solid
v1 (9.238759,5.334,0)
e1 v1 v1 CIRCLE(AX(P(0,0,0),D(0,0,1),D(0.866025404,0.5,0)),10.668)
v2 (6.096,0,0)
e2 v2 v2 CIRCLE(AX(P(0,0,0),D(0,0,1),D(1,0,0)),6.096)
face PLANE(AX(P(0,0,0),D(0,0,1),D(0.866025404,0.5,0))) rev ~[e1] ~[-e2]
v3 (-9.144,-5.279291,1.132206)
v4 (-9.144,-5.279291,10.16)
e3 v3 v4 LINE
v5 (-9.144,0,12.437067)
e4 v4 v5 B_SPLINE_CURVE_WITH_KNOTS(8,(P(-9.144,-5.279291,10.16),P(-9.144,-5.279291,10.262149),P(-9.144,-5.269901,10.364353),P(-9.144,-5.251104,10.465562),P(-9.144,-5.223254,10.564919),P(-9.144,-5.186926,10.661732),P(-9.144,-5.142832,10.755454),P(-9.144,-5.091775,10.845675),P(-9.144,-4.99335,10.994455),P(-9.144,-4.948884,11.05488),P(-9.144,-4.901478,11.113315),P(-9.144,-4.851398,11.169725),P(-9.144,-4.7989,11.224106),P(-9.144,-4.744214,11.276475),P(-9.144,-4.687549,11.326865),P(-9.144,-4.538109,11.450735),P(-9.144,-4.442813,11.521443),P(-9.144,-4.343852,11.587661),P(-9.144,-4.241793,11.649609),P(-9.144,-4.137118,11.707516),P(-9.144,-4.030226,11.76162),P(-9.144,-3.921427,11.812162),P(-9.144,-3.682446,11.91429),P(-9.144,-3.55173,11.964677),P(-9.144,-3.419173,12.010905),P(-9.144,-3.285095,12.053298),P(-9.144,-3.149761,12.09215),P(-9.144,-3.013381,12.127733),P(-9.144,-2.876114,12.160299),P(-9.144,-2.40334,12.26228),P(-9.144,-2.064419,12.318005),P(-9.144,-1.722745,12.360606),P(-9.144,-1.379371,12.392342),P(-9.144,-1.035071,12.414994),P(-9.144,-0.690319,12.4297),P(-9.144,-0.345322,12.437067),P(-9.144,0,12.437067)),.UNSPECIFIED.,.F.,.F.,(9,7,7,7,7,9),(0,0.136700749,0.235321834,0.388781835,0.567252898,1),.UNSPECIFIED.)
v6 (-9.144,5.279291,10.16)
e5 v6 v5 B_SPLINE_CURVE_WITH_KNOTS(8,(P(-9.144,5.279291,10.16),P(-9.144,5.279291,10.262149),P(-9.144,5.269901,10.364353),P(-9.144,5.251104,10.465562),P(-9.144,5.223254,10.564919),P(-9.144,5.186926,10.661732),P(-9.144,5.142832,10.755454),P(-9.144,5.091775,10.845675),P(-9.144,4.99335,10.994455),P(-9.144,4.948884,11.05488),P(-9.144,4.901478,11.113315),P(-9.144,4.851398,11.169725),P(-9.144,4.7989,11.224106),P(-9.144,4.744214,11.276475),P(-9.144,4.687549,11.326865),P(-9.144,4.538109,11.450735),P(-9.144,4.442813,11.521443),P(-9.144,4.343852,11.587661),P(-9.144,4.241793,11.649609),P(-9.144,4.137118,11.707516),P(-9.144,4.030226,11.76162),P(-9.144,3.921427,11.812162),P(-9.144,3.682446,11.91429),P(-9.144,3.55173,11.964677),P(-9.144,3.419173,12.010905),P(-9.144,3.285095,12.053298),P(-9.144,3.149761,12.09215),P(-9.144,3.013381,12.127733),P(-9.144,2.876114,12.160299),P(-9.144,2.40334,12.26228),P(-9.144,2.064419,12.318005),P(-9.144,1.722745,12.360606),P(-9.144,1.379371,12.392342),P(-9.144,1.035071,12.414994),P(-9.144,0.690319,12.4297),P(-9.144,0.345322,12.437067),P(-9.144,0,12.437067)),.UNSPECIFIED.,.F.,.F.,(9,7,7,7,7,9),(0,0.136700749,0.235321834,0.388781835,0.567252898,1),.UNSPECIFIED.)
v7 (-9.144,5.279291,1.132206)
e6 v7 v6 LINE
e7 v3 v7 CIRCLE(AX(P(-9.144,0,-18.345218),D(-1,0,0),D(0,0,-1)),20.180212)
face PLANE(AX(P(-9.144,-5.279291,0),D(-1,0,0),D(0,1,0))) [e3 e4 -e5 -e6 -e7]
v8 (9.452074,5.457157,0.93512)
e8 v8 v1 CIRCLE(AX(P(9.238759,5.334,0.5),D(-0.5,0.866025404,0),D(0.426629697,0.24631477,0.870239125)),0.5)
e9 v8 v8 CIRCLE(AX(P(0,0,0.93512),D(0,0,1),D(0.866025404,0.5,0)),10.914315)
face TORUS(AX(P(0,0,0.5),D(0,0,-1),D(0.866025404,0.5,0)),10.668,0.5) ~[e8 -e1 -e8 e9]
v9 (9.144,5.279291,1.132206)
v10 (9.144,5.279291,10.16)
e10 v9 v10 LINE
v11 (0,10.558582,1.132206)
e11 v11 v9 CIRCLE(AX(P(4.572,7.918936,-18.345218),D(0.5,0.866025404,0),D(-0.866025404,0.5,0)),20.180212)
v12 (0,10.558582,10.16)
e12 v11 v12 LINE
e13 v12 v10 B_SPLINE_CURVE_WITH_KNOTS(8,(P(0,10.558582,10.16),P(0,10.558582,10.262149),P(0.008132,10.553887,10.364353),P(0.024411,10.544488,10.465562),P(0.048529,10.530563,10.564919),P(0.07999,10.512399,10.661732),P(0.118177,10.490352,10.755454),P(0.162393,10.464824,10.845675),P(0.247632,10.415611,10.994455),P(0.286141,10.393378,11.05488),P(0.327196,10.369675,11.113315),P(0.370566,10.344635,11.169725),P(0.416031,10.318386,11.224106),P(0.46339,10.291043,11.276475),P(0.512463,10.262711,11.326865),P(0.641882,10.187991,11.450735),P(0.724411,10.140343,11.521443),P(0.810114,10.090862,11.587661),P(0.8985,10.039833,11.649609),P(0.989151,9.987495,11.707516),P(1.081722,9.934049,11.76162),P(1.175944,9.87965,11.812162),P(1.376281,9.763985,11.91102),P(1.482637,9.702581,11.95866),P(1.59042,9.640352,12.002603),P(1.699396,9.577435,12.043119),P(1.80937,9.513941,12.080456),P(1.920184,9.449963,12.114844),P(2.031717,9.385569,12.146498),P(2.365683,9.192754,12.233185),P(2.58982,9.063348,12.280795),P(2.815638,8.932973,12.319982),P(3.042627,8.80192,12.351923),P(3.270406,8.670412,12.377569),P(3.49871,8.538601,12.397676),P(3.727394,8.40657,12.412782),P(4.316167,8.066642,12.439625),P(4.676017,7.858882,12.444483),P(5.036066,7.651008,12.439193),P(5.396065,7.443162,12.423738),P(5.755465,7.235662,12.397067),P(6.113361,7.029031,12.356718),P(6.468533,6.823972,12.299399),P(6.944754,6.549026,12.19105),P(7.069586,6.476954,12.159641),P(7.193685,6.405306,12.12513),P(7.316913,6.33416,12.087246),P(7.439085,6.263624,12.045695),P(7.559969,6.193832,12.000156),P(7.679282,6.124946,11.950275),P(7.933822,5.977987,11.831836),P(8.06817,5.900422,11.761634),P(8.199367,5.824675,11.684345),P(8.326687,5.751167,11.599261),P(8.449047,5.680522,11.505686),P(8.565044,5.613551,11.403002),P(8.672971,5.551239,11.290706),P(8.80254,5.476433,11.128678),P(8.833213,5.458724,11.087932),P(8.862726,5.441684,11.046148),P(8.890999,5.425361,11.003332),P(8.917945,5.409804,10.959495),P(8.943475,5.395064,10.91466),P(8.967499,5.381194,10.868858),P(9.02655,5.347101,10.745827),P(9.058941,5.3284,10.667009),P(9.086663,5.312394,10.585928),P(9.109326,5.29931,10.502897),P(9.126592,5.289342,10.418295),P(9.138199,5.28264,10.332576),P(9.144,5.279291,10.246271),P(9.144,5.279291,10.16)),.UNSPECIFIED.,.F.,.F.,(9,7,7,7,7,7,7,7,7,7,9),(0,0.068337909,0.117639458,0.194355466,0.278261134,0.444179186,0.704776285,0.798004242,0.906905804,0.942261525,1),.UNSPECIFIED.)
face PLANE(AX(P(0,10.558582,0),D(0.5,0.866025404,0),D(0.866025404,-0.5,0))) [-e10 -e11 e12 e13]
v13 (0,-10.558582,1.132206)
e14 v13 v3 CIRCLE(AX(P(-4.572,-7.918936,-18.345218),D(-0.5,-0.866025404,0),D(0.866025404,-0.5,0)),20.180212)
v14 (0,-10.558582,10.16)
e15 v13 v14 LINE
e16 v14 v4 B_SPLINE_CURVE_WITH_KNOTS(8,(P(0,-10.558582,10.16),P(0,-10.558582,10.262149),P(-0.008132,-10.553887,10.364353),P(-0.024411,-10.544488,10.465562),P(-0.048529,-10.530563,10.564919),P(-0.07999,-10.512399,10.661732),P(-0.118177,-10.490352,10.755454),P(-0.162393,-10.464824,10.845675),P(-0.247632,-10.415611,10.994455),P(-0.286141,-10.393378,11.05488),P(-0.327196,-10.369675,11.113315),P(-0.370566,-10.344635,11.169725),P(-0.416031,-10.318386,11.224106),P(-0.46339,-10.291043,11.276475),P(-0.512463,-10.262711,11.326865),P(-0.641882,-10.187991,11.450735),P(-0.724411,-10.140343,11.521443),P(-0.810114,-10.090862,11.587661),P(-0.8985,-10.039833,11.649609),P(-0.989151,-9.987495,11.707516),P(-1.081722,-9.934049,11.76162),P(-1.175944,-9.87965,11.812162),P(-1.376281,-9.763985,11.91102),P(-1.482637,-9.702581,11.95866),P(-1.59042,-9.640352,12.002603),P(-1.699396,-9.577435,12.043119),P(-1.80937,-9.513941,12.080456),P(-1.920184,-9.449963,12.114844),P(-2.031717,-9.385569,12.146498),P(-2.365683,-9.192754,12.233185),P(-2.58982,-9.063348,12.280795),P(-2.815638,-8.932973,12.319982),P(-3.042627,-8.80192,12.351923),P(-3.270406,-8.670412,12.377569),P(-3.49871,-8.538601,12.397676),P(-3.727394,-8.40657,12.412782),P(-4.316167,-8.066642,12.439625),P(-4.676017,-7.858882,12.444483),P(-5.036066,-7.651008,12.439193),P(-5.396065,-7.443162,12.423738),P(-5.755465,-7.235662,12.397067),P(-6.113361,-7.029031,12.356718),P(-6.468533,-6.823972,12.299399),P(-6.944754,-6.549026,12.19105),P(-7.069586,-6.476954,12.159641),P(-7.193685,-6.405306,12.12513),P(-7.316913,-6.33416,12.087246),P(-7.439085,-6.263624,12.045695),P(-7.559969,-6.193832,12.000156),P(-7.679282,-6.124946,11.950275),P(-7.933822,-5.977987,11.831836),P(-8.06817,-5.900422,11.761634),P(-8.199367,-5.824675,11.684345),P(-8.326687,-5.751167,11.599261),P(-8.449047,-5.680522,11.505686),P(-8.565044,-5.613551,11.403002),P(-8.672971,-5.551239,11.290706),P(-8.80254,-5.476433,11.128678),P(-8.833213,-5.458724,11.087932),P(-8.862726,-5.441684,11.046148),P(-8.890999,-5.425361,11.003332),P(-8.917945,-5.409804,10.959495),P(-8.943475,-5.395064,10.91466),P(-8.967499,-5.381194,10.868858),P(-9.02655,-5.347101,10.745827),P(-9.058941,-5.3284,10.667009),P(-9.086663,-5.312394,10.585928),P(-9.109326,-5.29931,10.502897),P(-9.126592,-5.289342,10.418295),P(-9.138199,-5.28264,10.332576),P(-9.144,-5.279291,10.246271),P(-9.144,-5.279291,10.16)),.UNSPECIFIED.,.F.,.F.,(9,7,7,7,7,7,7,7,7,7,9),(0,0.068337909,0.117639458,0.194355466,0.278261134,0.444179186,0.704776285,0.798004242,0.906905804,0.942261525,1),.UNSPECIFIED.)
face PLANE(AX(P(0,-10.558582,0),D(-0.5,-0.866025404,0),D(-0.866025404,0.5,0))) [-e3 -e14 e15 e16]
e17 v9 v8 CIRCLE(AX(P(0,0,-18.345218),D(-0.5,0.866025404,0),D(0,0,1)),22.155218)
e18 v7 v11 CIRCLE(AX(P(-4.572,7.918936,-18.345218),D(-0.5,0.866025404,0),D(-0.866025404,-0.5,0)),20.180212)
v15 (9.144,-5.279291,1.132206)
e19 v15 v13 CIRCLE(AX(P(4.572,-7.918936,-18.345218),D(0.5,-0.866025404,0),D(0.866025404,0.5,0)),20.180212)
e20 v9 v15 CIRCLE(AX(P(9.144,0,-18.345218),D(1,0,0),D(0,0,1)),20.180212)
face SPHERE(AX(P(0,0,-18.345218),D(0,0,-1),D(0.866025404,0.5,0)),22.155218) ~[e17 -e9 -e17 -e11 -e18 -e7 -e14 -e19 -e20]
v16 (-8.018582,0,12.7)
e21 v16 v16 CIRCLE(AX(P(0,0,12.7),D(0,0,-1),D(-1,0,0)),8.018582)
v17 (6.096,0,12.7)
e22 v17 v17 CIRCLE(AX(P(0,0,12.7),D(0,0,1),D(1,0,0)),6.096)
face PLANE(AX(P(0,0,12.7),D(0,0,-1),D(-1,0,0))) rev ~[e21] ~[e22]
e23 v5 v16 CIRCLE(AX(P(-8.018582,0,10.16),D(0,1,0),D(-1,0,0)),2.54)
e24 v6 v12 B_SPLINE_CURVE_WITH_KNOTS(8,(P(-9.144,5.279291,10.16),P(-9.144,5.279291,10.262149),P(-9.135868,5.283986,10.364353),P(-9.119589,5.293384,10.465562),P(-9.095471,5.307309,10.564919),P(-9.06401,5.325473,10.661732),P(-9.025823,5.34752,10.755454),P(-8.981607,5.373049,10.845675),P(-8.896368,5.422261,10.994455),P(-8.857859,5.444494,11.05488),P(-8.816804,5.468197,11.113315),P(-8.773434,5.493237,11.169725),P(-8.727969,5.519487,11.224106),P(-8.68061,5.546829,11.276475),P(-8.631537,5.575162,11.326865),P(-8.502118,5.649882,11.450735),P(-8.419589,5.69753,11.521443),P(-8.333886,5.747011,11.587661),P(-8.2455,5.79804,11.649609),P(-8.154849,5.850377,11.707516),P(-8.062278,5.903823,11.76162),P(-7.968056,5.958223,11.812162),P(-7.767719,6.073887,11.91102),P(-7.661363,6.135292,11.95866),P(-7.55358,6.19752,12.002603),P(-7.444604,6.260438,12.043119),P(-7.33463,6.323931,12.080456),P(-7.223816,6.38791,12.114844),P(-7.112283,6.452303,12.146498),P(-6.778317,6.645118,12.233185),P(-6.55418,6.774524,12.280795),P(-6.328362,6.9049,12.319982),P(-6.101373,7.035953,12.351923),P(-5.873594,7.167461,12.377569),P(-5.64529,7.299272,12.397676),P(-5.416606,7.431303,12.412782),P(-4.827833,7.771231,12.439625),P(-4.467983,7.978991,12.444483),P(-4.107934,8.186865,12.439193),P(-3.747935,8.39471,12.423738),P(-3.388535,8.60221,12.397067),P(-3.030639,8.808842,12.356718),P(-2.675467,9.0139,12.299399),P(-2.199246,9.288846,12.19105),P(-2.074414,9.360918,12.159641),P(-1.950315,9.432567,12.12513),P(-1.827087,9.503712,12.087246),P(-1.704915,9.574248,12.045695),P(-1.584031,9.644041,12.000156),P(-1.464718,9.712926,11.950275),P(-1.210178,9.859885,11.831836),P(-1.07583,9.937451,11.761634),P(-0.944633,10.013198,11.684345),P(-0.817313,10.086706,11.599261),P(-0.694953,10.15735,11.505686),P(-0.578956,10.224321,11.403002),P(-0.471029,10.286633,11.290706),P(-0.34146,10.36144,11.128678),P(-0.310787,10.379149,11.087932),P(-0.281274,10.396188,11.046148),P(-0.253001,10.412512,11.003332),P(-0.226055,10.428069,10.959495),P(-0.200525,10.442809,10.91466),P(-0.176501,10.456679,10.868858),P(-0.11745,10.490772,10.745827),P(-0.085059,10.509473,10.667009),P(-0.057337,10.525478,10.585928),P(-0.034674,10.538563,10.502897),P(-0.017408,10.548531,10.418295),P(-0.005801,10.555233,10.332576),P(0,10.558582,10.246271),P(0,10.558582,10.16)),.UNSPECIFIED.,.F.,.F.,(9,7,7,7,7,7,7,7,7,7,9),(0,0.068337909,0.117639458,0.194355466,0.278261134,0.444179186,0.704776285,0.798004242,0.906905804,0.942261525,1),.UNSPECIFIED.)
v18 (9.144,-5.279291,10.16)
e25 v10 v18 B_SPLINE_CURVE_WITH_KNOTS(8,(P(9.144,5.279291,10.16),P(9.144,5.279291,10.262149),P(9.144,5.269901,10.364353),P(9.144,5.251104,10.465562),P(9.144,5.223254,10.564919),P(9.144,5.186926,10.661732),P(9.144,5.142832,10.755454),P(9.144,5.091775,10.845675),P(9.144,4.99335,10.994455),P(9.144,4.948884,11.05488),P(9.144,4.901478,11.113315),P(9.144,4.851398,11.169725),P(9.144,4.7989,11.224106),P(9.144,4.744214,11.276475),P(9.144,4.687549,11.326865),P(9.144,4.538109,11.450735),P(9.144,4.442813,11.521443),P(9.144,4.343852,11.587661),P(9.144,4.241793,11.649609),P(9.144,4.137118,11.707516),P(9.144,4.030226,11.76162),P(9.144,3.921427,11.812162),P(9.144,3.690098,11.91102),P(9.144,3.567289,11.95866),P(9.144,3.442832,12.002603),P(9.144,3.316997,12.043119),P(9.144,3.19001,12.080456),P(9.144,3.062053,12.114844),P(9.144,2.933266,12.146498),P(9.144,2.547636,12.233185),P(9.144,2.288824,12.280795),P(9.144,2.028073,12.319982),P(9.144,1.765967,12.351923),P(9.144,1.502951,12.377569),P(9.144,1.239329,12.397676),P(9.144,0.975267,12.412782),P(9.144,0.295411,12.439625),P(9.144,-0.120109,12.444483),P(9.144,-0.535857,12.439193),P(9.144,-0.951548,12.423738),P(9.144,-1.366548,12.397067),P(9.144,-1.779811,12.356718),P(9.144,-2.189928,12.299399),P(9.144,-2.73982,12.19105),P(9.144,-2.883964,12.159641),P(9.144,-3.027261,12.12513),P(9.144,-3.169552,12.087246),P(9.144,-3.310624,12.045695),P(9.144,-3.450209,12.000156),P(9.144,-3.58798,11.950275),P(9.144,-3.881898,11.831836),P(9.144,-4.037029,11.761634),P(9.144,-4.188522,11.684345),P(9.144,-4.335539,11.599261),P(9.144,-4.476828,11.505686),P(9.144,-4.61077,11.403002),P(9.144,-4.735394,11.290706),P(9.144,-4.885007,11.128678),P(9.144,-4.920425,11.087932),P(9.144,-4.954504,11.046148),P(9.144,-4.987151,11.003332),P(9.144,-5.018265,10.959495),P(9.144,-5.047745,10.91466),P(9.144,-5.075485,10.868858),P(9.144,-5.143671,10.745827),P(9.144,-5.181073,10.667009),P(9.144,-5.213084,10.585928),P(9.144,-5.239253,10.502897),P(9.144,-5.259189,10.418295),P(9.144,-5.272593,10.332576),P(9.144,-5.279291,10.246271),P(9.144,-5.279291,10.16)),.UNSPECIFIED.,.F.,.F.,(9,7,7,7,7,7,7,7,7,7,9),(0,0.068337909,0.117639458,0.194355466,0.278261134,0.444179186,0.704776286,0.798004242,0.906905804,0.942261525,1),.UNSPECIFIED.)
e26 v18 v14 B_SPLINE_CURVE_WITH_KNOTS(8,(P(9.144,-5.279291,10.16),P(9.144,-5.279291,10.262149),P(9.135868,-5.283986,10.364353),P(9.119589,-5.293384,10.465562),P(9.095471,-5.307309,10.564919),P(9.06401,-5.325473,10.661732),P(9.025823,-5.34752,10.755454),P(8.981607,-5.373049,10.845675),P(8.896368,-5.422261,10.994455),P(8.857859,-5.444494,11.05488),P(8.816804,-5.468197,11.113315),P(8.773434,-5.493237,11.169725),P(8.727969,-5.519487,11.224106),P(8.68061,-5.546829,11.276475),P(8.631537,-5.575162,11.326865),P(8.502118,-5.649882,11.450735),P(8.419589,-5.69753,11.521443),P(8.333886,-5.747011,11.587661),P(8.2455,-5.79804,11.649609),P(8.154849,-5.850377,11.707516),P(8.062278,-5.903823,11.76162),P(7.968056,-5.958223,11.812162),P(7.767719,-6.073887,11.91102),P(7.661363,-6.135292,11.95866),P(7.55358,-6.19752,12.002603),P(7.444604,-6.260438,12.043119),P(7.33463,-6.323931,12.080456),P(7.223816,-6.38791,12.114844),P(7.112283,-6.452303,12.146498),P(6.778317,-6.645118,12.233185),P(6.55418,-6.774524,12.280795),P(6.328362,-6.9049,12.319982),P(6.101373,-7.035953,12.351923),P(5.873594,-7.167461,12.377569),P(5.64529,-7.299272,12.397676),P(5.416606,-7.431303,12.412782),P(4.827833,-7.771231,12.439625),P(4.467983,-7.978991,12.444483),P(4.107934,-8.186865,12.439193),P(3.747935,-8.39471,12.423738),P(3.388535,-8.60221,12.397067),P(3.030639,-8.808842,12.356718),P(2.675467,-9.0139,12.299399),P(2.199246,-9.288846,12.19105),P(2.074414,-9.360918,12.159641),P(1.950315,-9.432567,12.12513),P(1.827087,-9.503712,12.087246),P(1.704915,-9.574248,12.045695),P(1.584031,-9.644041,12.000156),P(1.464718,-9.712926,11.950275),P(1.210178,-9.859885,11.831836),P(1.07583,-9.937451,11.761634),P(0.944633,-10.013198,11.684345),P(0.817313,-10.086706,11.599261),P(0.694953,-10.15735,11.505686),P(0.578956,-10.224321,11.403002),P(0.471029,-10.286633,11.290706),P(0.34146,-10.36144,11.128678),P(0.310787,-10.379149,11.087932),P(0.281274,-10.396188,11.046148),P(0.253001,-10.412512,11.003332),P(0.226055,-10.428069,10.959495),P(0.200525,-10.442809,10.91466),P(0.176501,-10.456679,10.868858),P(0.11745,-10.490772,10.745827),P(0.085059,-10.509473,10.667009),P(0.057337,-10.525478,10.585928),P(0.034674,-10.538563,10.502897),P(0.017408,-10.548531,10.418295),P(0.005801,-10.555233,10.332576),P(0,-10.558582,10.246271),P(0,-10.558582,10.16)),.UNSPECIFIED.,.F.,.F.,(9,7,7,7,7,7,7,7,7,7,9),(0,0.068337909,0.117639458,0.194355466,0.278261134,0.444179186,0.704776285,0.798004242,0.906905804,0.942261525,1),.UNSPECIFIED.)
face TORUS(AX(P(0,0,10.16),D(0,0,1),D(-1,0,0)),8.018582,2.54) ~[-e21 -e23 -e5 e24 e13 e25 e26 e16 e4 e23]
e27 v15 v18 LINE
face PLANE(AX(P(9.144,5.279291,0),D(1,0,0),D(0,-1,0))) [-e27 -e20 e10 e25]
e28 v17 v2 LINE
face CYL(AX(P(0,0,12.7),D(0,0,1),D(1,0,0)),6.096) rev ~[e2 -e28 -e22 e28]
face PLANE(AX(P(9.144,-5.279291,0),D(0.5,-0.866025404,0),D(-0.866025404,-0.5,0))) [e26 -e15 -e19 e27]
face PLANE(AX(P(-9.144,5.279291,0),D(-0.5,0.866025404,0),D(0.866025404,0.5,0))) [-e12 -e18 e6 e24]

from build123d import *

# Parameters (mm, degrees)
HEAD_DEPTH         = 12.7
HOLE_SKETCH_R      = 6.096
THROUGH_HOLE_DEPTH = 21.266683312


with BuildPart() as part:
    # Head Sketch → Head (new body)
    with BuildSketch(Plane.XY):
        Polygon((0, 10.558581723), (9.144, 5.279290861), (9.144, -5.279290861), (0, -10.558581723), (-9.144, -5.279290861), (-9.144, 5.279290861), align=None)
    extrude(amount=HEAD_DEPTH)

    # Flange Sketch → Flange (revolve)
    with BuildSketch(Plane(origin=(0, 0, 0), x_dir=(-1, 0, 0), z_dir=(0, 1, 0)), mode=Mode.PRIVATE) as flange_sk:
        with BuildLine():
            Line((-10.668, 0), (0, 0))
            Line((0, 0), (0, 3.81))
            ThreePointArc((0, 3.81), (-5.643297007, 3.079227926), (-10.91431477, 0.935119563))
            ThreePointArc((-10.91431477, 0.935119563), (-11.151507901, 0.372641807), (-10.668, 0))
        make_face()
    revolve(flange_sk.sketch.rotate(Axis((0, 0, 1.843425858), (0, 0, 1)), 30), axis=Axis((0, 0, 1.843425858), (0, 0, 1)))

    # Sketch5 → Head Trim (revolve, cut)
    with BuildSketch(Plane(origin=(0, 0, 0), x_dir=(0, 0, -1), z_dir=(1, 0, 0)), mode=Mode.PRIVATE) as head_trim_sk:
        with BuildLine():
            Line((-12.7, -8.018581723), (-12.7, -10.558581723))
            Line((-12.7, -10.558581723), (-10.16, -10.558581723))
            ThreePointArc((-10.16, -10.558581723), (-11.956051224, -9.814632947), (-12.7, -8.018581723))
        make_face()
    revolve(head_trim_sk.sketch.rotate(Axis((0, 0, 15.085599173), (0, 0, -1)), 90), axis=Axis((0, 0, 15.085599173), (0, 0, -1)), mode=Mode.SUBTRACT)

    # Hole Sketch → Through Hole (cut, through all)
    with BuildSketch(Plane.XY.offset(12.7)):
        Circle(HOLE_SKETCH_R)
    extrude(amount=-THROUGH_HOLE_DEPTH, mode=Mode.SUBTRACT)


solid = part.part
